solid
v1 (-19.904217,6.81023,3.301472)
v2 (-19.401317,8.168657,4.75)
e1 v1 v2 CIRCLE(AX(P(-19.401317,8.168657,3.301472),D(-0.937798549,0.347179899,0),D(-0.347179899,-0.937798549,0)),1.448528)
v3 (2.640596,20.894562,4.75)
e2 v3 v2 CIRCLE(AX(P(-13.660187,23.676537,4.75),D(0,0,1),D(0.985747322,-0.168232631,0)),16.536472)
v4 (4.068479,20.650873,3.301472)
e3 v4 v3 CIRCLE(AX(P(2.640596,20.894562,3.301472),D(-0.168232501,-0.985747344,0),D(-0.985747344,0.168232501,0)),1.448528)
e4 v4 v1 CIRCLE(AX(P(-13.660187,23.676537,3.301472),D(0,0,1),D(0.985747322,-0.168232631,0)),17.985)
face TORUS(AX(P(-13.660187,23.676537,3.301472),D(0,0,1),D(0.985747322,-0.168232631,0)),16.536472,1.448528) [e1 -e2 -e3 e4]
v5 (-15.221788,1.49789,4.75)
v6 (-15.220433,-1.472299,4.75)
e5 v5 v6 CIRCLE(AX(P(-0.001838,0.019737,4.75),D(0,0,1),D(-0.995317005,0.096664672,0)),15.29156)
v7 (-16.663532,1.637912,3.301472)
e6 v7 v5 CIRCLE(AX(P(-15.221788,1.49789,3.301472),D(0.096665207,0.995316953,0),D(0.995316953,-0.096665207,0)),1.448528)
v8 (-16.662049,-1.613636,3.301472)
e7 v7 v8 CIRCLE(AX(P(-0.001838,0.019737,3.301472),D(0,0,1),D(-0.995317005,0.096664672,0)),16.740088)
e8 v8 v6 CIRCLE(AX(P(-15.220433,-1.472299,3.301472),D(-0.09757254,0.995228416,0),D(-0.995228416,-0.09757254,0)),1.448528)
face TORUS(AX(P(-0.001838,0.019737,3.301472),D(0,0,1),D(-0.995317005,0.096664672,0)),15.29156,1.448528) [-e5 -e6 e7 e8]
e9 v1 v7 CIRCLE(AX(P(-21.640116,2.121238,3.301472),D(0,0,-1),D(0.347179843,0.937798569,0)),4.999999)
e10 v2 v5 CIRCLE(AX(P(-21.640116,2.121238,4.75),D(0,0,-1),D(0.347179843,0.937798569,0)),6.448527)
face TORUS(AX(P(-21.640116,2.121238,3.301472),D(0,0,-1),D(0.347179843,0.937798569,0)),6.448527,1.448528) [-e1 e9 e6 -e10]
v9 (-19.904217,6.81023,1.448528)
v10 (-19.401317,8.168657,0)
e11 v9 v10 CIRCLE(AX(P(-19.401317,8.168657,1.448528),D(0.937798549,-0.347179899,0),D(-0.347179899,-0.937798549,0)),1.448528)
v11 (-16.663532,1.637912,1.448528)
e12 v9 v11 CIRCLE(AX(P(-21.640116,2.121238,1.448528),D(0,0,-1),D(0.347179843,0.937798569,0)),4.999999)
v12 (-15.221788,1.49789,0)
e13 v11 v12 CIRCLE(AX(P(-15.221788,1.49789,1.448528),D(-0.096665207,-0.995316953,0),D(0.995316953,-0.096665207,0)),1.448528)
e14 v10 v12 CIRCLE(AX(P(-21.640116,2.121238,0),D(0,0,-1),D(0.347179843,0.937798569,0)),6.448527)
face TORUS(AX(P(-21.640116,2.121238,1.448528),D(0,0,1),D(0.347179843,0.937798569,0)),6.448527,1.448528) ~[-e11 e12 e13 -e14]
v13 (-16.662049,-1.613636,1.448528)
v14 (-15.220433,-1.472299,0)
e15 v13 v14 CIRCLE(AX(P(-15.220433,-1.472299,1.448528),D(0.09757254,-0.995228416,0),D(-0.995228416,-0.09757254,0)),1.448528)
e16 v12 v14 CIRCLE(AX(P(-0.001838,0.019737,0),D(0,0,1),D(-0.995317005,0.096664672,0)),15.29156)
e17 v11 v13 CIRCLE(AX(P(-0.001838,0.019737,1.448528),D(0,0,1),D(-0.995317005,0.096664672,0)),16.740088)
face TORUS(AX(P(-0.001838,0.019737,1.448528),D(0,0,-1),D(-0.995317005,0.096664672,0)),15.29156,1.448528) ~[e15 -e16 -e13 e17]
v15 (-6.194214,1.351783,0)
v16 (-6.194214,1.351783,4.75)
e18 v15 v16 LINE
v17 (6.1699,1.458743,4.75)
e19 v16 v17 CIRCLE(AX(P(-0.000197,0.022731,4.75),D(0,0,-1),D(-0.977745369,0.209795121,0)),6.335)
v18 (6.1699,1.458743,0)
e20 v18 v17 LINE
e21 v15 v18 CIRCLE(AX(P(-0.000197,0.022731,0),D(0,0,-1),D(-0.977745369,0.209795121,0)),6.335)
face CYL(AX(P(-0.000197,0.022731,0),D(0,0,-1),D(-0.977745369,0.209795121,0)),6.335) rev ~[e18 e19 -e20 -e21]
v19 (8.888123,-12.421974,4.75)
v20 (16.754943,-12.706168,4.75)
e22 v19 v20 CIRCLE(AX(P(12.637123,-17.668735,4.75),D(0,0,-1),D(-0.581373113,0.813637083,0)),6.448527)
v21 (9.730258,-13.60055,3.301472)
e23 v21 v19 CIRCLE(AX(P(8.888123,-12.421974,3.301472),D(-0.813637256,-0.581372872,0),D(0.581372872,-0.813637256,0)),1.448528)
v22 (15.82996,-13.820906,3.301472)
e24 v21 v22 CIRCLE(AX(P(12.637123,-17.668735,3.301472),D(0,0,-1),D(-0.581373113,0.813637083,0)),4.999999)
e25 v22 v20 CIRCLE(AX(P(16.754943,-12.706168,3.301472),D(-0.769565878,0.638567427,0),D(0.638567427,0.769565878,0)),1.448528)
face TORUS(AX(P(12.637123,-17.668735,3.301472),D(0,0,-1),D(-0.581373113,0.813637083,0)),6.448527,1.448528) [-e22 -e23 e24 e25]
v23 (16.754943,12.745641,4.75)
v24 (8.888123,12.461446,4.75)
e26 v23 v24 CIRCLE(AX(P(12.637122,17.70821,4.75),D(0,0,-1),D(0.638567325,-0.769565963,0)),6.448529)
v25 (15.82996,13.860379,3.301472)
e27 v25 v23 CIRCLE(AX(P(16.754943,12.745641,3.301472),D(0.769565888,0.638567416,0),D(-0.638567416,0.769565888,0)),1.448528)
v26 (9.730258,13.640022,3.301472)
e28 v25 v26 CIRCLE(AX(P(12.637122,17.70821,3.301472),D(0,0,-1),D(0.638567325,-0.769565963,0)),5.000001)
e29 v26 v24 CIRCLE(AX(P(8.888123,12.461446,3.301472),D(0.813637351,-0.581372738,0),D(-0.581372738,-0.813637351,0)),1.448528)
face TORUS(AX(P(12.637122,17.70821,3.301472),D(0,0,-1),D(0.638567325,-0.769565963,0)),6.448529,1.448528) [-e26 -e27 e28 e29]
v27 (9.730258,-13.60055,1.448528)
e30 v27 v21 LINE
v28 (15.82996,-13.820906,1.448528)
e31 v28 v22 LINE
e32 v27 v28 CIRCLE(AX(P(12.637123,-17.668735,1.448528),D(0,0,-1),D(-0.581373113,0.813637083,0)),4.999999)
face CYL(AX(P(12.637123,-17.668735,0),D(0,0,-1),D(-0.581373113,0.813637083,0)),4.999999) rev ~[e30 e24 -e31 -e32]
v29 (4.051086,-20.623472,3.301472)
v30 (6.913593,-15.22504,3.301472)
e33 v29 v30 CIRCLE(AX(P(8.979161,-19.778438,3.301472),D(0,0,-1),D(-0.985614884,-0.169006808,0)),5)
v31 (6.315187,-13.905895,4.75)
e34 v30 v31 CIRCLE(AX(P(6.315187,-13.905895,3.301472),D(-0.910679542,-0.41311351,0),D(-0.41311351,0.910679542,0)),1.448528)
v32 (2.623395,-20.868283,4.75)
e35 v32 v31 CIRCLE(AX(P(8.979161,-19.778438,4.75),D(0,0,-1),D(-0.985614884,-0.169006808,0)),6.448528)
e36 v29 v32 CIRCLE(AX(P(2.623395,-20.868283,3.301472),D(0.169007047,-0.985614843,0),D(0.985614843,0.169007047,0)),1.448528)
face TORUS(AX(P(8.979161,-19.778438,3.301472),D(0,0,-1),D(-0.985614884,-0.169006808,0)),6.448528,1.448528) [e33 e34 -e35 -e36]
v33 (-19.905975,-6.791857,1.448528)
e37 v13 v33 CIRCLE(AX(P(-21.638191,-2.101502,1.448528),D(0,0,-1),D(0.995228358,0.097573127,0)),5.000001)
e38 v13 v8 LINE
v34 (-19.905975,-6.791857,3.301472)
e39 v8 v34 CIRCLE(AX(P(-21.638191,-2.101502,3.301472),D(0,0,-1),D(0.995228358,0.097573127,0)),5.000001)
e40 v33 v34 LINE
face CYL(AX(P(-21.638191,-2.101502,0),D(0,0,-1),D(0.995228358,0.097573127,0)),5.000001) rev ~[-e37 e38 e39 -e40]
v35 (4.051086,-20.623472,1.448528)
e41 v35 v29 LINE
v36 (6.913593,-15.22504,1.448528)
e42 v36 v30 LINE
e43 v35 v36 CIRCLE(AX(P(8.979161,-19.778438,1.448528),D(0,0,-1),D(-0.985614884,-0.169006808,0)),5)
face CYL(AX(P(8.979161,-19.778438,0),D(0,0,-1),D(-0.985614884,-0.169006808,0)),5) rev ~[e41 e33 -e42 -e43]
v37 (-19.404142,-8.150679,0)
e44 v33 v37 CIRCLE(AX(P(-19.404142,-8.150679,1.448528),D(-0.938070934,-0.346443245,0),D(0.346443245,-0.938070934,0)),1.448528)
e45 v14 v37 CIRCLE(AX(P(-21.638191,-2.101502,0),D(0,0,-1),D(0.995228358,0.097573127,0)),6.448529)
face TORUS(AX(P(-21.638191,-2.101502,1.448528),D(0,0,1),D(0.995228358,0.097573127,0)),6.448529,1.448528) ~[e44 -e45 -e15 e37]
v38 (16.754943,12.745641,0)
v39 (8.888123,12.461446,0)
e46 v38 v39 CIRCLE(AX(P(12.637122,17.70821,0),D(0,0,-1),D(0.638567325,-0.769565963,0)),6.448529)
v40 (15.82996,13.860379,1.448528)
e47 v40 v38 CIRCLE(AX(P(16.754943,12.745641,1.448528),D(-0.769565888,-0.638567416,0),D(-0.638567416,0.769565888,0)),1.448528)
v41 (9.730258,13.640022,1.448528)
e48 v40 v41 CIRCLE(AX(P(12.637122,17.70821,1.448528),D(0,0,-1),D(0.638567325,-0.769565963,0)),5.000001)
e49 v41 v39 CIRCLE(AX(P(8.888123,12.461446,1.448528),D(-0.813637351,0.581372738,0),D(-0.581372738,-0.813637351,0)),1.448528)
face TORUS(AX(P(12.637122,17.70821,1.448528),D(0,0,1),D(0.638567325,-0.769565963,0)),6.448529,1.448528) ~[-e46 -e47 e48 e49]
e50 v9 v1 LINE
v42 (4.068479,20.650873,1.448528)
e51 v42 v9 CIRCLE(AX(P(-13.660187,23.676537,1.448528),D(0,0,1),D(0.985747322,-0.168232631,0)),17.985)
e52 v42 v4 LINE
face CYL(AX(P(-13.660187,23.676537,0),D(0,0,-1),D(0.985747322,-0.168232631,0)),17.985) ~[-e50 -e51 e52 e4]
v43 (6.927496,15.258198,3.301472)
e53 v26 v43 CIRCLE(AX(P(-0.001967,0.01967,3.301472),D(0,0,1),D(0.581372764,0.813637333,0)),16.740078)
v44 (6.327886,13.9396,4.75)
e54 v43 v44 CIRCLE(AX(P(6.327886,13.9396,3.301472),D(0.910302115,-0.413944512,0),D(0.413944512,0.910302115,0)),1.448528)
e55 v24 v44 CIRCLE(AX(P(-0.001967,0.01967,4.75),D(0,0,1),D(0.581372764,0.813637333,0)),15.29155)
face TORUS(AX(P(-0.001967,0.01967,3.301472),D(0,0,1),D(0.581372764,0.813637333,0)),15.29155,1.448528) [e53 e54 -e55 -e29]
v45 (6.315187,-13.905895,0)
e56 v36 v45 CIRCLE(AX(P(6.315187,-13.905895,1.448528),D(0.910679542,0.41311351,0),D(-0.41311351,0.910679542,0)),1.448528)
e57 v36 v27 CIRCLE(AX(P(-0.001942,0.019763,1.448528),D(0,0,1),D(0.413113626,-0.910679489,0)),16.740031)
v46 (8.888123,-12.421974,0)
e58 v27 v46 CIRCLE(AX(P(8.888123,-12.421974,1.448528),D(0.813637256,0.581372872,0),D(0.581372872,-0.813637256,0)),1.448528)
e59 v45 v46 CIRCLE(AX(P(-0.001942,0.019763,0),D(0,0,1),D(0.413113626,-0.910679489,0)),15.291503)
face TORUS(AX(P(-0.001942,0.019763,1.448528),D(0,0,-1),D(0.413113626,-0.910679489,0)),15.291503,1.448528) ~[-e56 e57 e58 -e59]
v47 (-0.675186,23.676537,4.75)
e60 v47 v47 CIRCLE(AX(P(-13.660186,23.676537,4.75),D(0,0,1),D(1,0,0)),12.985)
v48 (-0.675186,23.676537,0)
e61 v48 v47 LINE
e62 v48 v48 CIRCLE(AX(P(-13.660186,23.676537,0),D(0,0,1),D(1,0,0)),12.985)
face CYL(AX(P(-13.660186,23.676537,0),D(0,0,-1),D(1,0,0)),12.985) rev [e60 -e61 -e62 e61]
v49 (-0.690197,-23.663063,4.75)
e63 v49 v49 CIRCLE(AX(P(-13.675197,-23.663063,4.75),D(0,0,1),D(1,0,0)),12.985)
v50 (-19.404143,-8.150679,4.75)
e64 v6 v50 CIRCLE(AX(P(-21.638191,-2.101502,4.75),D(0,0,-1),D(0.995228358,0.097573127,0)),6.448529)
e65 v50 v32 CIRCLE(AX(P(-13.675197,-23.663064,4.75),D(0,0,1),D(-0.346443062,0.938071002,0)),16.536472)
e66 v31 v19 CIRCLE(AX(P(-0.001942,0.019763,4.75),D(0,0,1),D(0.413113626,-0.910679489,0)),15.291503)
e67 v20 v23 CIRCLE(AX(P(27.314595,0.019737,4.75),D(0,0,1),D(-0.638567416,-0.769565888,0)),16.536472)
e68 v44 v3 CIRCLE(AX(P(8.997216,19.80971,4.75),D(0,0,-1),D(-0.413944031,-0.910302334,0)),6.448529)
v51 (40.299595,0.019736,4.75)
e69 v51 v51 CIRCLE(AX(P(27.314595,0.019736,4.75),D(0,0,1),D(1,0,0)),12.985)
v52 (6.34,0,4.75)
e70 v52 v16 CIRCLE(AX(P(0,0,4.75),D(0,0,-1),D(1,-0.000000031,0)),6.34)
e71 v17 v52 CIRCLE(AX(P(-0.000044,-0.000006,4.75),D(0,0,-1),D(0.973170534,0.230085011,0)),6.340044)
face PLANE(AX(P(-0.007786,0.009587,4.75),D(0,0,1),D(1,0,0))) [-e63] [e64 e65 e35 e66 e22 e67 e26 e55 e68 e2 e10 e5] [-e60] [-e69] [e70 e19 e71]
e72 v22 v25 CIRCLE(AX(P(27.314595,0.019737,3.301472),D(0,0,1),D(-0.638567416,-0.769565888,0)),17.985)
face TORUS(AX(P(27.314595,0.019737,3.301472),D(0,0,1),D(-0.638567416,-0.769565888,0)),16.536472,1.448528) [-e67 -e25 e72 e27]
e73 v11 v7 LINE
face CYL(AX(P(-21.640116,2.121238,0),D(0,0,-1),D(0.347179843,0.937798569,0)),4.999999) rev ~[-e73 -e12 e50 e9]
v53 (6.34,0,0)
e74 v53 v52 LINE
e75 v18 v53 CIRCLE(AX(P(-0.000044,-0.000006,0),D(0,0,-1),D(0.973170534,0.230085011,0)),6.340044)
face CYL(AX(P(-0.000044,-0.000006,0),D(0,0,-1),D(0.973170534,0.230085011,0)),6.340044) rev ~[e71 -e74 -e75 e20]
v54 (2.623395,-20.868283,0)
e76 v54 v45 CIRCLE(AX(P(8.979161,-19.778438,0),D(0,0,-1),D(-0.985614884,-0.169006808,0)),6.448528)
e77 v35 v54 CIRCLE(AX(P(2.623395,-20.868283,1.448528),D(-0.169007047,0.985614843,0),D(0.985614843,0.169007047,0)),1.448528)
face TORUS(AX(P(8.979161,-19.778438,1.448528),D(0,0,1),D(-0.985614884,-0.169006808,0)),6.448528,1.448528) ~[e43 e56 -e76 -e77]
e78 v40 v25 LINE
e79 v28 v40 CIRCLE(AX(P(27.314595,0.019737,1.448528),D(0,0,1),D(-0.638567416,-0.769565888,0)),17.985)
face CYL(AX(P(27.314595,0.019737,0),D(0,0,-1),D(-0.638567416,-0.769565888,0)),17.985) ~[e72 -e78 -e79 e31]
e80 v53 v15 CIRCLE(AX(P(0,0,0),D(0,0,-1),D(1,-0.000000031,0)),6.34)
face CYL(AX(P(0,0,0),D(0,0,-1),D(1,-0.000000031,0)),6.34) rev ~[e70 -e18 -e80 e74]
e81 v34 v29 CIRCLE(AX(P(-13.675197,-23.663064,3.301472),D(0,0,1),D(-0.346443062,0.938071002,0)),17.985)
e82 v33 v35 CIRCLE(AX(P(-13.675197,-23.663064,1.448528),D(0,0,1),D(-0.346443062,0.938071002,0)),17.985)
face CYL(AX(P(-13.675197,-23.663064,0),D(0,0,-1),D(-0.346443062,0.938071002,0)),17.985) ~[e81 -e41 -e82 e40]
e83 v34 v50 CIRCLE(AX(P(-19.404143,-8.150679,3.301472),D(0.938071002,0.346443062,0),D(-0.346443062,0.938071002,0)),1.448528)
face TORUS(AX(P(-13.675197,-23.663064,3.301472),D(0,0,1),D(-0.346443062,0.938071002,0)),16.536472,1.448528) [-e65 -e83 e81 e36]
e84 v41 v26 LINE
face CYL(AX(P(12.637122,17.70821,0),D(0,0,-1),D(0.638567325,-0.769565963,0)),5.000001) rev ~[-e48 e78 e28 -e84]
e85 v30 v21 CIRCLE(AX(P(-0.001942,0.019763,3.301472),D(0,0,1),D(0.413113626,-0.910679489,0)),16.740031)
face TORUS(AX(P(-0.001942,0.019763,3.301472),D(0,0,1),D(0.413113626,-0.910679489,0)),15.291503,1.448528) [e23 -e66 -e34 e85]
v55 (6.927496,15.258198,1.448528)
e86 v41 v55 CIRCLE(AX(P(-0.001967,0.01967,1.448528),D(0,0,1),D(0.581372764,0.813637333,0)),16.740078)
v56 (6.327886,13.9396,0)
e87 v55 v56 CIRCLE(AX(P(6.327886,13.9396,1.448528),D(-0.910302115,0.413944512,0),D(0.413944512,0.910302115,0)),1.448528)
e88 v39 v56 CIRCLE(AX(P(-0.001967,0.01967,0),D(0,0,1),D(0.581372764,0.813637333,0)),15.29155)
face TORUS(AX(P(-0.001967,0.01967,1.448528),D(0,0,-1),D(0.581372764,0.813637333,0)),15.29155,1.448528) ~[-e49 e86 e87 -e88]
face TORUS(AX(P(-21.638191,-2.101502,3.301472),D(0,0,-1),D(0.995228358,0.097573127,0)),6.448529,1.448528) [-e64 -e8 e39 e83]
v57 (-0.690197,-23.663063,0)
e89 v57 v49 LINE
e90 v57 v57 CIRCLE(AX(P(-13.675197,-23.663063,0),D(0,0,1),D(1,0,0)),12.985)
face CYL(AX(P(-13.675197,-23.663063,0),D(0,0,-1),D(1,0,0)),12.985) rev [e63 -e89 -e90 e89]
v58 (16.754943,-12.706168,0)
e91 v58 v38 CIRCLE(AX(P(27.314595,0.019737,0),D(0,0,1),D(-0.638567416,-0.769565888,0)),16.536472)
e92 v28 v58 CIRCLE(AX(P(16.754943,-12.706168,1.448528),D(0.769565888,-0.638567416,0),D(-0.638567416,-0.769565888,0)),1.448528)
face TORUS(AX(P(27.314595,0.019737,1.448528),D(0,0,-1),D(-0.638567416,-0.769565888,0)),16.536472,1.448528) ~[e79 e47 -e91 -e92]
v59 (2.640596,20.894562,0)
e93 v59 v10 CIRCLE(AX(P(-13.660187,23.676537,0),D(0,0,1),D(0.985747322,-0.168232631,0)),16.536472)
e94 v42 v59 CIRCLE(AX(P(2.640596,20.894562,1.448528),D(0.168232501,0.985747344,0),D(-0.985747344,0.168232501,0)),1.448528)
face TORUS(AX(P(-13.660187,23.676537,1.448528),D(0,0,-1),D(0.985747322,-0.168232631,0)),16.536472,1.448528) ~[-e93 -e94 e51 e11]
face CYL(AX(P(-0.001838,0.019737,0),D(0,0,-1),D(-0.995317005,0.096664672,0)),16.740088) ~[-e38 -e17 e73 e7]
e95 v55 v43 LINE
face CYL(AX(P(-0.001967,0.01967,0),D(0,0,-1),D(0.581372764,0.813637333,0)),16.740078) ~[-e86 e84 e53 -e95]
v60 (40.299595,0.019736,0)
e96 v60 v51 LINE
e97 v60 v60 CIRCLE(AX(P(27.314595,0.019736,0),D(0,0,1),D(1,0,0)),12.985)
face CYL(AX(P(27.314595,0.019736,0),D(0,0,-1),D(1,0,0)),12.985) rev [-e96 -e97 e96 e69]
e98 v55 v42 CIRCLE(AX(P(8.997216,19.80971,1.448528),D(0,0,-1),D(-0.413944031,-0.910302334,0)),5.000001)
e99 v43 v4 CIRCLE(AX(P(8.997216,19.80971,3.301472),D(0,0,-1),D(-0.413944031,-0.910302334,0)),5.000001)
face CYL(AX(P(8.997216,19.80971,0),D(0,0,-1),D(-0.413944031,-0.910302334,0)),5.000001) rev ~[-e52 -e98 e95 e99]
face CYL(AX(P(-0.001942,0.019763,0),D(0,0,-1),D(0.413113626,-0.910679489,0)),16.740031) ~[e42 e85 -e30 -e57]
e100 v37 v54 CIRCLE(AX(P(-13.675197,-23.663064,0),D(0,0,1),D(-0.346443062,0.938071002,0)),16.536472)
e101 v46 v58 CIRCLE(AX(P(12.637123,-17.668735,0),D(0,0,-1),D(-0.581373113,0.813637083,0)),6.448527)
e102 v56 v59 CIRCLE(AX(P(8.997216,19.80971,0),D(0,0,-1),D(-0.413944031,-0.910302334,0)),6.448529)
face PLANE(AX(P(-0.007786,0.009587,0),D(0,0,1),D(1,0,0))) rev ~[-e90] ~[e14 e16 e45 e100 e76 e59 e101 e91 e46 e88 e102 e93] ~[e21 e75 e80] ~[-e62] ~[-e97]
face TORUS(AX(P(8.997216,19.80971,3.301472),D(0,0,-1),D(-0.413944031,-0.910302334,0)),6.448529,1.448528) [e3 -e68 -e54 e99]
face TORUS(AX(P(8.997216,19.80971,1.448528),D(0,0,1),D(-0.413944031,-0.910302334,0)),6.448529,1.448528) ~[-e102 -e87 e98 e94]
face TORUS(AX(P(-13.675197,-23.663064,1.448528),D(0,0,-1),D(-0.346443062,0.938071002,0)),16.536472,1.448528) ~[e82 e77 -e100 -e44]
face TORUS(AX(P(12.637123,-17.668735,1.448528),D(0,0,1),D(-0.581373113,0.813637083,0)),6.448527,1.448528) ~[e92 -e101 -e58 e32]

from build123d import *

# Parameters (mm, degrees)
F0_R     = 12.985
F1_DEPTH = 4.75
F2_R     = 1.448528


with BuildPart() as f1:
    # F0 (on Top) → F1 (new body)
    with BuildSketch(Plane.XY):
        with BuildLine():
            ThreePointArc((4.051086, -20.623472), (4.561749, -17.436115), (6.913593, -15.22504))
            ThreePointArc((6.913593, -15.22504), (8.361461, -14.481345), (9.730258, -13.60055))
            ThreePointArc((9.730258, -13.60055), (12.817634, -12.671995), (15.82996, -13.820906))
            ThreePointArc((15.82996, -13.820906), (45.299595, 0.019736), (15.82996, 13.860379))
            ThreePointArc((15.82996, 13.860379), (12.817634, 12.711468), (9.730258, 13.640022))
            ThreePointArc((9.730258, 13.640022), (8.368074, 14.517001), (6.927496, 15.258198))
            ThreePointArc((6.927496, 15.258198), (4.579656, 17.467667), (4.068479, 20.650873))
            ThreePointArc((4.068479, 20.650873), (-22.652686, 39.252004), (-19.904217, 6.81023))
            ThreePointArc((-19.904217, 6.81023), (-17.403068, 4.775935), (-16.663532, 1.637912))
            ThreePointArc((-16.663532, 1.637912), (-16.741924, 0.012102), (-16.662049, -1.613636))
            ThreePointArc((-16.662049, -1.613636), (-17.400974, -4.755931), (-19.905975, -6.791857))
            ThreePointArc((-19.905975, -6.791857), (-22.667697, -39.23853), (4.051086, -20.623472))
        make_face()
        with Locations((-13.675197, -23.663063)):
            Circle(F0_R, mode=Mode.SUBTRACT)
        with BuildLine():
            ThreePointArc((6.1699, 1.458743), (6.297331, 0.734314), (6.34, 0))
            ThreePointArc((6.34, 0), (-0.679811, -6.303448), (-6.194214, 1.351783))
            ThreePointArc((-6.194214, 1.351783), (-0.054998, 6.357494), (6.1699, 1.458743))
        make_face(mode=Mode.SUBTRACT)
        with Locations((-13.660186, 23.676537)):
            Circle(F0_R, mode=Mode.SUBTRACT)
        with Locations((27.314595, 0.019736)):
            Circle(F0_R, mode=Mode.SUBTRACT)
    extrude(amount=F1_DEPTH)

    # F2
    f2_edges = [f1.edges().sort_by_distance(p)[0] for p in [
        (-22.667697, -39.23853, 4.75),
        (45.299595, 0.019736, 0),
        (-17.400974, -4.755931, 0),
        (-22.667697, -39.23853, 0),
        (-16.741924, 0.012102, 0),
        (-17.403068, 4.775935, 0),
        (-22.652686, 39.252004, 0),
        (4.561749, -17.436115, 4.75),
        (8.361461, -14.481345, 4.75),
        (12.817634, -12.671995, 4.75),
        (12.817634, -12.671995, 0),
        (8.361461, -14.481345, 0),
        (4.561749, -17.436115, 0),
        (45.299595, 0.019736, 4.75),
        (12.817634, 12.711468, 4.75),
        (8.368074, 14.517001, 4.75),
        (-22.652686, 39.252004, 4.75),
        (4.579656, 17.467667, 4.75),
        (8.368074, 14.517001, 0),
        (4.579656, 17.467667, 0),
        (-16.741924, 0.012102, 4.75),
        (-17.400974, -4.755931, 4.75),
        (-17.403068, 4.775935, 4.75),
        (12.817634, 12.711468, 0),
    ]]
    fillet(f2_edges, radius=F2_R)


solid = f1.part
